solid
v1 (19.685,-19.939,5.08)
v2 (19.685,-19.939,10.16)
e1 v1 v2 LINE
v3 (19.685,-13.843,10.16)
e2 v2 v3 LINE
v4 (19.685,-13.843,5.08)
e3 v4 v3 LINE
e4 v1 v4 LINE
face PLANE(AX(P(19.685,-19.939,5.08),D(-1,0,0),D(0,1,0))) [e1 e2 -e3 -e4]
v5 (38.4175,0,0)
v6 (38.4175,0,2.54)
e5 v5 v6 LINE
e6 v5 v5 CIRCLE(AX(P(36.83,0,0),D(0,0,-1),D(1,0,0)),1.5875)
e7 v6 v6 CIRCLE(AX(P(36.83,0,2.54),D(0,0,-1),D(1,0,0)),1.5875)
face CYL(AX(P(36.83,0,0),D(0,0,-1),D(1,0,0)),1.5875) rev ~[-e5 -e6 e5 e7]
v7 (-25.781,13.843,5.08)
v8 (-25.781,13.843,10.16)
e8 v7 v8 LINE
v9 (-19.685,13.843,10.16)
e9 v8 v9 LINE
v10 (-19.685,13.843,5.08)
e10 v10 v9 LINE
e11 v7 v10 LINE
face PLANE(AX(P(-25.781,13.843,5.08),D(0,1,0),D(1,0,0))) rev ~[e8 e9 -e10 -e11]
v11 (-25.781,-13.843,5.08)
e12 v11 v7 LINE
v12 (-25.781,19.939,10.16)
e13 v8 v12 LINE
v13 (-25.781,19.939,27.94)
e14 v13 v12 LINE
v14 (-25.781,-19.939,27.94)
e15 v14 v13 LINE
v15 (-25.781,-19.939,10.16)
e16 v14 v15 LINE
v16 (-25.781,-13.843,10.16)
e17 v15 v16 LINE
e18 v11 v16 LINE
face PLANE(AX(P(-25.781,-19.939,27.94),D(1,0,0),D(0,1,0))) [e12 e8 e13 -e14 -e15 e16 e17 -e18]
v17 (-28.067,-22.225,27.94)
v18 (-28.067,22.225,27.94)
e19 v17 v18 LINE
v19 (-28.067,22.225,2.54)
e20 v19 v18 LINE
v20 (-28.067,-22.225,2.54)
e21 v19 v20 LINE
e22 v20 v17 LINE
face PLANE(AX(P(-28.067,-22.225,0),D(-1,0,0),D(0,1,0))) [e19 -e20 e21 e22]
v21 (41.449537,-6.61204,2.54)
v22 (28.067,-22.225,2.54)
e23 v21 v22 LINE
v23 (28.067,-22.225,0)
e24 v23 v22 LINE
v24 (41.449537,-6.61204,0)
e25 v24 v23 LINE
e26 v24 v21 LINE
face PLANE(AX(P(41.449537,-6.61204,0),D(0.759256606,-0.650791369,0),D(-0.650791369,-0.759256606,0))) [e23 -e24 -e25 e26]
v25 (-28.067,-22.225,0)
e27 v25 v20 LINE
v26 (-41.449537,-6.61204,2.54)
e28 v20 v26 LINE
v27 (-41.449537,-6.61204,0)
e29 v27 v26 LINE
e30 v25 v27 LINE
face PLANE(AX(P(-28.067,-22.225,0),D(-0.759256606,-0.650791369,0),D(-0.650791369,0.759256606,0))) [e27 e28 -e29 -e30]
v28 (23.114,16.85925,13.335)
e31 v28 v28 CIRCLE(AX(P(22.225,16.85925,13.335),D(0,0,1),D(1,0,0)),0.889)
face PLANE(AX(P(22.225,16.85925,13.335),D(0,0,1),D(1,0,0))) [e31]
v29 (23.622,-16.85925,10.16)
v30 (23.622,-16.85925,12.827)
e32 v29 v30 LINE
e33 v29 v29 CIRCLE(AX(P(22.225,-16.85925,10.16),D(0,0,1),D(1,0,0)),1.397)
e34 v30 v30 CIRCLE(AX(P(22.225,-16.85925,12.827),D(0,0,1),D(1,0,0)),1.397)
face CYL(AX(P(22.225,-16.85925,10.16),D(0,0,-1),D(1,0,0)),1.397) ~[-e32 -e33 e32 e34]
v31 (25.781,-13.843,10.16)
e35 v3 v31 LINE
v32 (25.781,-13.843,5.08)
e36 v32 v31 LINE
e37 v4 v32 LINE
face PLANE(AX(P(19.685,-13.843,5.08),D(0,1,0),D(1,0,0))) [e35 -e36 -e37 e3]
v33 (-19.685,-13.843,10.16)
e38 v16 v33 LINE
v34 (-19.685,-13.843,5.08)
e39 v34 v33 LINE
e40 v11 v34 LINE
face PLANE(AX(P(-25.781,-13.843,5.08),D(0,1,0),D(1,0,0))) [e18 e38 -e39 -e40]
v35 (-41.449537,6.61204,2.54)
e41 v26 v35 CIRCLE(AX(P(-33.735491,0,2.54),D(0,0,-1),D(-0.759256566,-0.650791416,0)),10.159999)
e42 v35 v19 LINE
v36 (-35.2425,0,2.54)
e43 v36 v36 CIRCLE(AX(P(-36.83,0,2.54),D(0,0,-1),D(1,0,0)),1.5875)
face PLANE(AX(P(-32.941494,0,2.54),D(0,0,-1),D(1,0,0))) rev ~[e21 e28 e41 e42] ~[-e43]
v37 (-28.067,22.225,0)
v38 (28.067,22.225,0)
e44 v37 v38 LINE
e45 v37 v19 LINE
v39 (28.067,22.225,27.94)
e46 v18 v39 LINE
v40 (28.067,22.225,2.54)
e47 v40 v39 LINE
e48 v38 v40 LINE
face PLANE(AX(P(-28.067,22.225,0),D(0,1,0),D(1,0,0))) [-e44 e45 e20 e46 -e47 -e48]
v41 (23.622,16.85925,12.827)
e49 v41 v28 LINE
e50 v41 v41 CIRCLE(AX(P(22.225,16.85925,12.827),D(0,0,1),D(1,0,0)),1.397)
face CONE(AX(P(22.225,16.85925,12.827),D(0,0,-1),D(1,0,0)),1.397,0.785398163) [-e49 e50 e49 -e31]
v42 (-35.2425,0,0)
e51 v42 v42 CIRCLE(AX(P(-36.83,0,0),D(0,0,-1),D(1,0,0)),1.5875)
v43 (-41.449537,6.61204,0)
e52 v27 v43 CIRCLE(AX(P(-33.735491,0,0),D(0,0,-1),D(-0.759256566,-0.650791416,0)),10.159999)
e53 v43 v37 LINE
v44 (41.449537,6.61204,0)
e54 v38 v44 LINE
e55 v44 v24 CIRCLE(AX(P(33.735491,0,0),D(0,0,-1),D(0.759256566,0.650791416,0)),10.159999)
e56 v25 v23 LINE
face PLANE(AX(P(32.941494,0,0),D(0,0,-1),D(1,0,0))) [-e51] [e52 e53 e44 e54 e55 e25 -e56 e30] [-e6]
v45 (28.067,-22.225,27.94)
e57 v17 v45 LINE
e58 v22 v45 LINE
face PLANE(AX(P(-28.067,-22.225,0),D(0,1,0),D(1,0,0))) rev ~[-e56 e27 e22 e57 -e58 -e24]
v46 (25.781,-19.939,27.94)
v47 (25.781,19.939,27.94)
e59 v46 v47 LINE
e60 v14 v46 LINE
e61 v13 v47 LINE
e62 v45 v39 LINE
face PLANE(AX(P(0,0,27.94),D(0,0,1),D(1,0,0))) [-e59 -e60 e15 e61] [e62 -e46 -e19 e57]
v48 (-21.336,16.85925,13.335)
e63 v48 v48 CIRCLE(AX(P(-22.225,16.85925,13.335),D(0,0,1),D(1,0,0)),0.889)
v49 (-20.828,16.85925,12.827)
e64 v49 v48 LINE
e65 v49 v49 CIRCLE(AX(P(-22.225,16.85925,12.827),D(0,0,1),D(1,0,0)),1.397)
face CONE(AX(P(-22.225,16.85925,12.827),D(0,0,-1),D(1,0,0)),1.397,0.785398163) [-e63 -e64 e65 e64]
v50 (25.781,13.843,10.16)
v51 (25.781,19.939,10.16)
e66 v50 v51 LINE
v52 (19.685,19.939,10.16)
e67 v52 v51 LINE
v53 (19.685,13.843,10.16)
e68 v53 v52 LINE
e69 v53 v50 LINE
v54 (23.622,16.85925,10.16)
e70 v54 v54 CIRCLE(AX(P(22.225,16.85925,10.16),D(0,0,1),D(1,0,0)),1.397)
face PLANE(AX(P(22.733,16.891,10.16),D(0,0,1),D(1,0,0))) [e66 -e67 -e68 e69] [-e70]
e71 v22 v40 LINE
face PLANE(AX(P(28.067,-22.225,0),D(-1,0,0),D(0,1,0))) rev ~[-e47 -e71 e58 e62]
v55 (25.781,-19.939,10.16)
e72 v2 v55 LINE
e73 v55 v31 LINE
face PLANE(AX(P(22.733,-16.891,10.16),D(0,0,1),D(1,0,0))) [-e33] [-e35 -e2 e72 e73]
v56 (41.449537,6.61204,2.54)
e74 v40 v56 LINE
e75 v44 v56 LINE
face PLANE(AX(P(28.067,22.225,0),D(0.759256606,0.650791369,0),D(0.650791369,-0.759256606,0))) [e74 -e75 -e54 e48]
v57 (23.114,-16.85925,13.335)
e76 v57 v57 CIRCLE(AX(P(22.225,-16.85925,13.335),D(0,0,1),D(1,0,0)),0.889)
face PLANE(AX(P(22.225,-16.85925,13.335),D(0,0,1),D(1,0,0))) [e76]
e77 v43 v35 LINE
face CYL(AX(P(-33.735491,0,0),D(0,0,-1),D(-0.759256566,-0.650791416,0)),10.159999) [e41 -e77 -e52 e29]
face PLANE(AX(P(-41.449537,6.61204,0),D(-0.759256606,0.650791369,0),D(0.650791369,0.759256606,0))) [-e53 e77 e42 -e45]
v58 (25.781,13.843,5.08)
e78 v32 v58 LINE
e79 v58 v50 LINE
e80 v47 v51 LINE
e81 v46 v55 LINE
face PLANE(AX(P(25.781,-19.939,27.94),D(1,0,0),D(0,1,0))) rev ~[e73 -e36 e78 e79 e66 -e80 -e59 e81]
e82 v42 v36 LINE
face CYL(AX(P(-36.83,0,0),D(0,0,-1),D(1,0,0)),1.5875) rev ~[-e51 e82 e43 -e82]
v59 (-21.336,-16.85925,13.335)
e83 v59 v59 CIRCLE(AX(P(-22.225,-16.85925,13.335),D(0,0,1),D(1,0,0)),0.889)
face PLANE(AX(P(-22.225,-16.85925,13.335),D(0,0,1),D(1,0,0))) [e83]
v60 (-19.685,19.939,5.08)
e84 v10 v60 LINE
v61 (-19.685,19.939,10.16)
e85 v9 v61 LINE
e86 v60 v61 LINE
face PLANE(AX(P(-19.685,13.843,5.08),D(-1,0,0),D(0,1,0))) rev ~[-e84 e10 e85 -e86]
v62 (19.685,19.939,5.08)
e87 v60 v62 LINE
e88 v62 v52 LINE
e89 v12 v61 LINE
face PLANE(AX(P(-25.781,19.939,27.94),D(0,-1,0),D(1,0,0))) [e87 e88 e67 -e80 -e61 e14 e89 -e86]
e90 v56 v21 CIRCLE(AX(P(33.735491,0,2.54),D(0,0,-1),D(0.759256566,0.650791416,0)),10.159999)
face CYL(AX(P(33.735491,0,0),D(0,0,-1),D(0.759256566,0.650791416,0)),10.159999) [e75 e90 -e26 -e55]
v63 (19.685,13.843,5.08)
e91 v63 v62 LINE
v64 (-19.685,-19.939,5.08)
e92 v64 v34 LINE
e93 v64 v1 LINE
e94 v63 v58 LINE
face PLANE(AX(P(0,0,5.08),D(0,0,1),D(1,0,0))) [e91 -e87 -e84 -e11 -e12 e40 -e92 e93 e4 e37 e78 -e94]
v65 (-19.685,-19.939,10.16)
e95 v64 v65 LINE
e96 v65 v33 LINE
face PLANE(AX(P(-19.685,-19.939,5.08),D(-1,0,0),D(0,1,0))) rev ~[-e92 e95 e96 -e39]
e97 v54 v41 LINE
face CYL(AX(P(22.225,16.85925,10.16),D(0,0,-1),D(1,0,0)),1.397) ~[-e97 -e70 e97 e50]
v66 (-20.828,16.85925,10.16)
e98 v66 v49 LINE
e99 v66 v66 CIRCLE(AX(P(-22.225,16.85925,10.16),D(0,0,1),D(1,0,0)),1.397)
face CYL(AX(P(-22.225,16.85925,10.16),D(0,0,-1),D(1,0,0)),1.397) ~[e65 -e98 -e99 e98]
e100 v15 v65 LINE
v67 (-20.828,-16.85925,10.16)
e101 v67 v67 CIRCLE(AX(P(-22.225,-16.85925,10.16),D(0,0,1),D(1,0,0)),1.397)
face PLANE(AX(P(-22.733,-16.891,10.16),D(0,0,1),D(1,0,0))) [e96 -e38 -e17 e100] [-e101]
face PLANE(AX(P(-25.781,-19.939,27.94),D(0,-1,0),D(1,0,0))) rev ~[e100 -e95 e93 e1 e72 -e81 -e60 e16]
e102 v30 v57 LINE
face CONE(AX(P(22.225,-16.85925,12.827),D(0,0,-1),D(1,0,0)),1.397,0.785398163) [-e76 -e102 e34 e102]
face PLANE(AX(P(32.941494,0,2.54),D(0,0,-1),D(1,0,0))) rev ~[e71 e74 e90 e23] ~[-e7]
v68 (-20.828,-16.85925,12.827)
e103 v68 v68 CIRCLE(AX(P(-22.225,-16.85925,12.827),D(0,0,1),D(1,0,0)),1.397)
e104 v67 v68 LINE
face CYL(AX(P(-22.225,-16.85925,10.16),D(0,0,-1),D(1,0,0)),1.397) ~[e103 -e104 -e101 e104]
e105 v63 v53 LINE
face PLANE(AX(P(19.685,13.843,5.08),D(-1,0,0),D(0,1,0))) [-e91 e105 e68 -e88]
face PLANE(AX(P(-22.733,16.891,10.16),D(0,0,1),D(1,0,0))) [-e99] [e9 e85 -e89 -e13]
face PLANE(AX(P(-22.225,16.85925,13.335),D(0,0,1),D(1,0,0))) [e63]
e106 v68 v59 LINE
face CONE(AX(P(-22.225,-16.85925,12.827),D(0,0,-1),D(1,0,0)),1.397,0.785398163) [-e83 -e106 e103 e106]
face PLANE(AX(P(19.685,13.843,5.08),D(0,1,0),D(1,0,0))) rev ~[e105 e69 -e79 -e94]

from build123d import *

# Parameters (mm, degrees)
F0_W      = 56.134
F0_H      = 44.45
F1_DEPTH  = 27.94
F2_W      = 51.562
F2_H      = 39.878
F3_DEPTH  = 22.86
F4_W      = 6.096
F4_H      = 6.096
F5_DEPTH  = 5.08
F6_R      = 1.397
F7_DEPTH  = 3.175
F8_SIZE   = 0.508
F10_DEPTH = 2.54
F11_R     = 1.5875
F12_DEPTH = 25.4


with BuildPart() as f1:
    # F0 (on Top) → F1 (new body)
    with BuildSketch(Plane.XY):
        Rectangle(F0_W, F0_H)
    extrude(amount=F1_DEPTH)

    # F2 (on face) → F3 (cut)
    with BuildSketch(Plane.XY.offset(27.94)):
        Rectangle(F2_W, F2_H)
    extrude(amount=-F3_DEPTH, mode=Mode.SUBTRACT)

    # F4 (on face) → F5 (join)
    with BuildSketch(Plane.XY.offset(5.08)):
        with Locations((-22.733, 16.891)):
            Rectangle(F4_W, F4_H)
        with Locations((22.733, 16.891)):
            Rectangle(F4_W, F4_H)
        with Locations((-22.733, -16.891)):
            Rectangle(F4_W, F4_H)
        with Locations((22.733, -16.891)):
            Rectangle(F4_W, F4_H)
    extrude(amount=F5_DEPTH)

    # F6 (on face) → F7 (join)
    with BuildSketch(Plane.XY.offset(10.16)):
        with Locations((-22.225, 16.85925)):
            Circle(F6_R)
        with Locations((22.225, 16.85925)):
            Circle(F6_R)
        with Locations((22.225, -16.85925)):
            Circle(F6_R)
        with Locations((-22.225, -16.85925)):
            Circle(F6_R)
    extrude(amount=F7_DEPTH)

    # F8
    f8_edges = [f1.edges().sort_by_distance(p)[0] for p in [
        (-23.622, 16.85925, 13.335),
        (20.828, 16.85925, 13.335),
        (-23.622, -16.85925, 13.335),
        (20.828, -16.85925, 13.335),
    ]]
    chamfer(f8_edges, length=F8_SIZE)

    # F9 (on face) → F10 (join)
    with BuildSketch(Plane(origin=(0, 0, 0), x_dir=(1, 0, 0), z_dir=(0, 0, -1))):
        with BuildLine():
            Line((41.449537, 6.61204), (28.067, 22.225))
            Line((28.067, 22.225), (28.067, -22.225))
            Line((28.067, -22.225), (41.449537, -6.61204))
            ThreePointArc((41.449537, -6.61204), (43.89549, 0), (41.449537, 6.61204))
        make_face()
        with BuildLine():
            Line((-28.067, -22.225), (-28.067, 22.225))
            Line((-28.067, 22.225), (-41.449537, 6.61204))
            ThreePointArc((-41.449537, 6.61204), (-43.89549, 0), (-41.449537, -6.61204))
            Line((-41.449537, -6.61204), (-28.067, -22.225))
        make_face()
    extrude(amount=-F10_DEPTH)

    # F11 (on face) → F12 (cut)
    with BuildSketch(Plane(origin=(0, 0, 0), x_dir=(1, 0, 0), z_dir=(0, 0, -1))):
        with Locations((-36.83, 0)):
            Circle(F11_R)
        with Locations((36.83, 0)):
            Circle(F11_R)
    extrude(amount=-F12_DEPTH, mode=Mode.SUBTRACT)


solid = f1.part
